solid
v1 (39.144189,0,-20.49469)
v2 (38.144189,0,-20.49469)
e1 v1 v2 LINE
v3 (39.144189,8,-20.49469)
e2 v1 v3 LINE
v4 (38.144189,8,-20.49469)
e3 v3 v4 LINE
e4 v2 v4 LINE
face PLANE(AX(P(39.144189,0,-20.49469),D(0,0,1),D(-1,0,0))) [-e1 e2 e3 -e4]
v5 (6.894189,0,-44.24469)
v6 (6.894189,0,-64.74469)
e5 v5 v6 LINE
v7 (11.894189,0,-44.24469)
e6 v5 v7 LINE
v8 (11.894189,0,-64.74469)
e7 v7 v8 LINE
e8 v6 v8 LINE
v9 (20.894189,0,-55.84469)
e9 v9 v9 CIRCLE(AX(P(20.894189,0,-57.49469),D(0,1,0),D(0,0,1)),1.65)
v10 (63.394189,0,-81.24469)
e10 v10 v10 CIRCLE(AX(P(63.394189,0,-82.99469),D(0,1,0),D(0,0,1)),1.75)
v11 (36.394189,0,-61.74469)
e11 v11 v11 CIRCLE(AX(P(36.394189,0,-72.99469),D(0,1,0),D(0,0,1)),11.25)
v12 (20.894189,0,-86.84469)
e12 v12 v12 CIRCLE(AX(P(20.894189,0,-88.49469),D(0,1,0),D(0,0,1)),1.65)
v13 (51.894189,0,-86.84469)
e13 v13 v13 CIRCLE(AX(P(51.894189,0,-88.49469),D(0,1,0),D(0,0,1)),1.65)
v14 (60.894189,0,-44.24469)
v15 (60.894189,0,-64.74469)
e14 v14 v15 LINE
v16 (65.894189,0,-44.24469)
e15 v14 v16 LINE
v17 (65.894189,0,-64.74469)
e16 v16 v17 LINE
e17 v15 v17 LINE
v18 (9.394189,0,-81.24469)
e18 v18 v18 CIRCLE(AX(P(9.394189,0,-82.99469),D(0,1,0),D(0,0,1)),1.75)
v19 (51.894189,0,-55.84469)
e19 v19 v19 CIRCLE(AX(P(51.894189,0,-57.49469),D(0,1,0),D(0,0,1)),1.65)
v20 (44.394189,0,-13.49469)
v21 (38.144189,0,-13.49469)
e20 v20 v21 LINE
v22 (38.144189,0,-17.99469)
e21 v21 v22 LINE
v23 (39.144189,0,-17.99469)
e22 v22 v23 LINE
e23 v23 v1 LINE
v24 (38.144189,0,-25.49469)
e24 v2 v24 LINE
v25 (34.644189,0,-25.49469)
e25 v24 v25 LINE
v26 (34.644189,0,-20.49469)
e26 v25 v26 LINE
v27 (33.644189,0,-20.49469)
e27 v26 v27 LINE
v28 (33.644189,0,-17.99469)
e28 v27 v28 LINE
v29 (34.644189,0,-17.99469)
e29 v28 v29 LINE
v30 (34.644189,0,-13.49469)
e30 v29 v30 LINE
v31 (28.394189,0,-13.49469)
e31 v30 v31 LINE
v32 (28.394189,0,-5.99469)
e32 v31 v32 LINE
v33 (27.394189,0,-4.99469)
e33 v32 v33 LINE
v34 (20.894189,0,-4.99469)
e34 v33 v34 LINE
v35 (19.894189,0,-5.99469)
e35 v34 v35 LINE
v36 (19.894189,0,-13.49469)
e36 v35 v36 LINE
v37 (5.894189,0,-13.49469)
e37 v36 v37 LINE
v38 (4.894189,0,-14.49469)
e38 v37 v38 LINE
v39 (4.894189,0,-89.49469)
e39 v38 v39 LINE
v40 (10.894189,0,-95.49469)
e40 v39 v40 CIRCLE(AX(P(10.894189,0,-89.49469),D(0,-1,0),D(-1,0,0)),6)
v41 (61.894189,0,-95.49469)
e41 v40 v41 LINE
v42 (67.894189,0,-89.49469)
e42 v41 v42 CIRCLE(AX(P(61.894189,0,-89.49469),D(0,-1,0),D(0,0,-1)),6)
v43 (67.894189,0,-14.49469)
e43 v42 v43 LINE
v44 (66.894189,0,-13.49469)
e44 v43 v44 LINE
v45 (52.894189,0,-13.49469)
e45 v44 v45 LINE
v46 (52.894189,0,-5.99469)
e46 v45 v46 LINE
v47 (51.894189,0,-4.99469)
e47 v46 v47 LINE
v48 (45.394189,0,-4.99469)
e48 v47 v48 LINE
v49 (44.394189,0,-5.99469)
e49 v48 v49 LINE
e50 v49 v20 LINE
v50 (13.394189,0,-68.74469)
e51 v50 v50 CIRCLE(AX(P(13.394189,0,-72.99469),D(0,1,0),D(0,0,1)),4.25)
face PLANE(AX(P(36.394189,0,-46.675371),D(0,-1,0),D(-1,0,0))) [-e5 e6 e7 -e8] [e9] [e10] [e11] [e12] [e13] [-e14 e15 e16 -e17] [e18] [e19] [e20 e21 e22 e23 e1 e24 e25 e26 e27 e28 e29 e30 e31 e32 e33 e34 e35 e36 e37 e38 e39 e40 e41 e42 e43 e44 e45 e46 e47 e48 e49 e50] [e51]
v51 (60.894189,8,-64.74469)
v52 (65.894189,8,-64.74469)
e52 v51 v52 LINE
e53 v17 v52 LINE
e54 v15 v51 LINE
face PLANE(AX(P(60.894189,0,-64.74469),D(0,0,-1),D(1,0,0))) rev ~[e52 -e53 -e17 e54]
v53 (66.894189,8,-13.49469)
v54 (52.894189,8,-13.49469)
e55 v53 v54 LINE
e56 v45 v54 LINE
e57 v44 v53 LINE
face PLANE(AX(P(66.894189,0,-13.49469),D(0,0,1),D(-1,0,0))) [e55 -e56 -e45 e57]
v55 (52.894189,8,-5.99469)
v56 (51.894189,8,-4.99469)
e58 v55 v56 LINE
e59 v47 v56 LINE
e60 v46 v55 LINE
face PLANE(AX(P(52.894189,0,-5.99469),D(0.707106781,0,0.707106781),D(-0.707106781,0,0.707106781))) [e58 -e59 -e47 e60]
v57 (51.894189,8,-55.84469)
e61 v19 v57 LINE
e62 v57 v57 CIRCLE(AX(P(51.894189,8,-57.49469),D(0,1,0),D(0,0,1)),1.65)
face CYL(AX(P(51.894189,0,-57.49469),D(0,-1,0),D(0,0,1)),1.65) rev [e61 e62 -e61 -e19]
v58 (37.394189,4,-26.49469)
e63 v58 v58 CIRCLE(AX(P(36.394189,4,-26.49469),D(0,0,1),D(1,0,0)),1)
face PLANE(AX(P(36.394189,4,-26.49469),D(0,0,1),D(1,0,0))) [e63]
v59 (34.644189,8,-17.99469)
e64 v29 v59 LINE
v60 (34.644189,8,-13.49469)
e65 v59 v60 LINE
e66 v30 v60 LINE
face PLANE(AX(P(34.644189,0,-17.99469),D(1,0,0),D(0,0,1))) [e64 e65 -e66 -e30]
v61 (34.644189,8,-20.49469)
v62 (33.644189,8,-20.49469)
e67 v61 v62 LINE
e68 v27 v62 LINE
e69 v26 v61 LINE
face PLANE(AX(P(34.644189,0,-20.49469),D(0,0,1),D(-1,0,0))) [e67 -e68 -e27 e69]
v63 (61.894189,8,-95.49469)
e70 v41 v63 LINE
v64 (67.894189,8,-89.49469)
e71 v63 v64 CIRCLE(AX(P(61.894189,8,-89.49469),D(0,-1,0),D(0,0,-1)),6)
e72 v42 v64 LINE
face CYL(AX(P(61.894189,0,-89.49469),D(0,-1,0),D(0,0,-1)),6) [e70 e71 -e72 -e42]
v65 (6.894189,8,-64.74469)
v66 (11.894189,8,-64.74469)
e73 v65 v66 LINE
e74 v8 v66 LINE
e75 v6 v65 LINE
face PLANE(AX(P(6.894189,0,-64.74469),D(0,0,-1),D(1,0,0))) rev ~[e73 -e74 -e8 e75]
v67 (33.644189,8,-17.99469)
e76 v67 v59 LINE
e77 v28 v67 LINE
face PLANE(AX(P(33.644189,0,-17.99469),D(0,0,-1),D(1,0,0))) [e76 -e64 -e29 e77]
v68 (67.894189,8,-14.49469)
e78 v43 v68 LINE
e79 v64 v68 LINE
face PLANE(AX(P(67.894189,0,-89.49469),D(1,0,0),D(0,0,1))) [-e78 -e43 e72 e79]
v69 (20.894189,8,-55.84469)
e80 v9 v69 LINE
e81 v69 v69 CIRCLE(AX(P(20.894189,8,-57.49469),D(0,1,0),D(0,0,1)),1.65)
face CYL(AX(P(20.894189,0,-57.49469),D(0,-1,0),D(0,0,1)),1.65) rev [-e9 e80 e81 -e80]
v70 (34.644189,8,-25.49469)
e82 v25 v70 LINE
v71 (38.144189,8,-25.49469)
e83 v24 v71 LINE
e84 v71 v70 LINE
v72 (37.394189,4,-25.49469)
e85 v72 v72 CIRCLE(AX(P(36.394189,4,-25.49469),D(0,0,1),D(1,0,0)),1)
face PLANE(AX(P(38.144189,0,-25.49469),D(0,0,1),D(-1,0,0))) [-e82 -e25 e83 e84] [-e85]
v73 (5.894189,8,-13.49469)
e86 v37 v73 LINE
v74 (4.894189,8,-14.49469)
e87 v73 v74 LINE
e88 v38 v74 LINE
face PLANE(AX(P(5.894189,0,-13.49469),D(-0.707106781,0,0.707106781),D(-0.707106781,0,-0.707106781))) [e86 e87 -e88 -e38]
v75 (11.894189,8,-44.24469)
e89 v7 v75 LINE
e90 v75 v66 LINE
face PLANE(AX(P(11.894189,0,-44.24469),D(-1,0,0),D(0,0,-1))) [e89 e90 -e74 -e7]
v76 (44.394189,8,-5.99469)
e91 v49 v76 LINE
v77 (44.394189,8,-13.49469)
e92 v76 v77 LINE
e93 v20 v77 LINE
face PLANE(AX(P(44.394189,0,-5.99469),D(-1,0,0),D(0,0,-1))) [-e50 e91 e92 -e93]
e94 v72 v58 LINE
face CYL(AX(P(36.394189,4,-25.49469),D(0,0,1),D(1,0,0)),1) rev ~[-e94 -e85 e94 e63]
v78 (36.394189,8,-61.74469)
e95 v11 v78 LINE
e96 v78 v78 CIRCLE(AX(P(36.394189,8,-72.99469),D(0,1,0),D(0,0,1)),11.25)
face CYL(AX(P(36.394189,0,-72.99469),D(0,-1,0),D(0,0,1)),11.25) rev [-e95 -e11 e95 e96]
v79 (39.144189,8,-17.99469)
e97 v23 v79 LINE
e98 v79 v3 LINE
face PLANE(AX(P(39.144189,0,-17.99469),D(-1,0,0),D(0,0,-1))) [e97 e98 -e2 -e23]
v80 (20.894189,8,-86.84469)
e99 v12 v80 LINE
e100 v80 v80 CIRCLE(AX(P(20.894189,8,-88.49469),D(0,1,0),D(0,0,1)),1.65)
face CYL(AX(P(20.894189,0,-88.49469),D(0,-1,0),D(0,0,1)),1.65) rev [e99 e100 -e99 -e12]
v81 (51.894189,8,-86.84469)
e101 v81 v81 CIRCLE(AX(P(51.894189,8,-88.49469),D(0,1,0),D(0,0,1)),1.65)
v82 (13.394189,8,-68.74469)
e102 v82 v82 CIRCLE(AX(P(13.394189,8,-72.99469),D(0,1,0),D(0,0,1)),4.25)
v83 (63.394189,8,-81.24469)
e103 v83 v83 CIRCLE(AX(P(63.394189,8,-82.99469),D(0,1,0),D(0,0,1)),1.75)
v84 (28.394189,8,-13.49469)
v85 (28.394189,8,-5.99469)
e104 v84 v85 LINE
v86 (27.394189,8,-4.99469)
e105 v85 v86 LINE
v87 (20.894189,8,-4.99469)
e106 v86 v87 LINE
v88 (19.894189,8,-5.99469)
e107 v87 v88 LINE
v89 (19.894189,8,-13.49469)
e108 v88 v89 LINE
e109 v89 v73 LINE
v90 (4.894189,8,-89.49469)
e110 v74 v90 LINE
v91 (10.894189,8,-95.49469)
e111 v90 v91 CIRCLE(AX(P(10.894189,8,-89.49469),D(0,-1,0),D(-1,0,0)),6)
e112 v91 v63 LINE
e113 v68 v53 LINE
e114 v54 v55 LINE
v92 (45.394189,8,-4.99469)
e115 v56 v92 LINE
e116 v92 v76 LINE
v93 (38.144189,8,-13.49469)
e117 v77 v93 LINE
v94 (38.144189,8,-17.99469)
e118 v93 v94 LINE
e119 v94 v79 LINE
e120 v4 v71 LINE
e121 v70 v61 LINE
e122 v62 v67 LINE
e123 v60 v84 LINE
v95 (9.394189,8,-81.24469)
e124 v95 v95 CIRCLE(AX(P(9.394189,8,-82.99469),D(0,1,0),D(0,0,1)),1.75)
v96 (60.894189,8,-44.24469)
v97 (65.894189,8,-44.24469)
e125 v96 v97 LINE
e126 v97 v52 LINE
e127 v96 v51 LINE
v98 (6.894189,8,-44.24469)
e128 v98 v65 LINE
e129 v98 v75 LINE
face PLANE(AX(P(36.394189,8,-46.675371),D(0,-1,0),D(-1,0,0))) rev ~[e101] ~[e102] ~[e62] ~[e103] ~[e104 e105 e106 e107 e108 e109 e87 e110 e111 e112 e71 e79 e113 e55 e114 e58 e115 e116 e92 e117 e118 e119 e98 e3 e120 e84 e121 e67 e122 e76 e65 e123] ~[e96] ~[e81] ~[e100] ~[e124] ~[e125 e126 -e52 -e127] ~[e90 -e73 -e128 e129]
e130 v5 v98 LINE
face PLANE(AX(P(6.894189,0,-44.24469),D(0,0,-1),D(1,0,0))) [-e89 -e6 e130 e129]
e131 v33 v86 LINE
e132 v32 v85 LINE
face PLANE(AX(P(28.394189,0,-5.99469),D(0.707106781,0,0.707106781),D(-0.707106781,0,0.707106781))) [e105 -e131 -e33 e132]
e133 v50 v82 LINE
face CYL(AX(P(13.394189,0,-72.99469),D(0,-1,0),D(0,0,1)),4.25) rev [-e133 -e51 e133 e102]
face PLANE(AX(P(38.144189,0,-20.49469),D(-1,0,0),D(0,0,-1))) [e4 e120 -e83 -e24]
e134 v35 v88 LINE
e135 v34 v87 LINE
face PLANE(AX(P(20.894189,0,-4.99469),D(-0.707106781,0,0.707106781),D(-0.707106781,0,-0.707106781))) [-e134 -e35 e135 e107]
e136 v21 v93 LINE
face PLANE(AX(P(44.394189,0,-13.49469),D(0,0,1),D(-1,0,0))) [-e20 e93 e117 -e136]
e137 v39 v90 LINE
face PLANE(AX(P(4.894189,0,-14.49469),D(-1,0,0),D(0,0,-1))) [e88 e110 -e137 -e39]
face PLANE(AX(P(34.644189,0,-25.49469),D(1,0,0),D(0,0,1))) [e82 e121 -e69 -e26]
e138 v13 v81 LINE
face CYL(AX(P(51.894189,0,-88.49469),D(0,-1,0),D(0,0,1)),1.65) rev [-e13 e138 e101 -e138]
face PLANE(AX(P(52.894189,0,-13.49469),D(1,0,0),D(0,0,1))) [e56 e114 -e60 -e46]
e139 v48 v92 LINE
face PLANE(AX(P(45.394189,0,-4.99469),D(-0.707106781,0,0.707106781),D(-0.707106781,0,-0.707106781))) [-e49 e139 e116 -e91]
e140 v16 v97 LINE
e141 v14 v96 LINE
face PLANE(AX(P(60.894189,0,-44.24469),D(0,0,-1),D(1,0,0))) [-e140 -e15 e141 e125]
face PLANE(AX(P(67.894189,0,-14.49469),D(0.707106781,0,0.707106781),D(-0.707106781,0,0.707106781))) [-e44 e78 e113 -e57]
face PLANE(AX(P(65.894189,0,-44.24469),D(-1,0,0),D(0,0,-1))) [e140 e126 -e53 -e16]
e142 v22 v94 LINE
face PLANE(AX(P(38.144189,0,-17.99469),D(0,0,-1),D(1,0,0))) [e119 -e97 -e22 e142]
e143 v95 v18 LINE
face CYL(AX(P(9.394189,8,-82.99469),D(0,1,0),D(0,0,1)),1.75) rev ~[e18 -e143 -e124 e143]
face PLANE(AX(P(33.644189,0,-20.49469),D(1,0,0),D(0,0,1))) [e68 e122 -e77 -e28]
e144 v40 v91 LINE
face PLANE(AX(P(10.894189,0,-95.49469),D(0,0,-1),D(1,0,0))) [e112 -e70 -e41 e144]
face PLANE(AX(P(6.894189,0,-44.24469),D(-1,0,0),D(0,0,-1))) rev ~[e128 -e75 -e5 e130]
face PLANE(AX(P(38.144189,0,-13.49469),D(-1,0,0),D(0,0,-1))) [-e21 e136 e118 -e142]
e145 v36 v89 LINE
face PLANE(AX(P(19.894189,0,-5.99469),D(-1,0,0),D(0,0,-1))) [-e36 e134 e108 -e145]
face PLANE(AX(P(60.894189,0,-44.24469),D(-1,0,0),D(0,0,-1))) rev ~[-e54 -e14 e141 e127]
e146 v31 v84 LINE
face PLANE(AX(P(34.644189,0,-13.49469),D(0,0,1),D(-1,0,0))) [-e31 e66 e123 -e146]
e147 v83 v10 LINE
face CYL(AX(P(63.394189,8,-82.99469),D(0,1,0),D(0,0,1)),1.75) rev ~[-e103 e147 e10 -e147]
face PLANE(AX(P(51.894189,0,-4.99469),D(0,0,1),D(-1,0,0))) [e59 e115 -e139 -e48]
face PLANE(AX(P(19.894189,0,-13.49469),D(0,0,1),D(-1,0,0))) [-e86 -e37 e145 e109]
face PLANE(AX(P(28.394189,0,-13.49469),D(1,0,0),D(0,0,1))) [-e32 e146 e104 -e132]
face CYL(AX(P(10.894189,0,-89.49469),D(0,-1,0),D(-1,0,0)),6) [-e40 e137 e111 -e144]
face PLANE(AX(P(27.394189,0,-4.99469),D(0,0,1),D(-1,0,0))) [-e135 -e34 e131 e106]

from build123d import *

# Parameters (mm, degrees)
SKETCH1_R      = 4.25
SKETCH1_R_2    = 1.65
SKETCH1_R_3    = 11.25
SKETCH1_W      = 5
SKETCH1_H      = 20.5
EXTRUDE1_DEPTH = 8
SKETCH2_R      = 1
EXTRUDE2_DEPTH = 1
SKETCH3_R      = 1.75
EXTRUDE3_DEPTH = 10


with BuildPart() as part:
    # Sketch1 → Extrude1 (new body)
    with BuildSketch(Plane(origin=(0, 0, 0), x_dir=(1, 0, 0), z_dir=(0, 1, 0))):
        with BuildLine():
            Line((4.894189333, 14.494689664), (4.894189333, 89.494689664))
            ThreePointArc((4.894189333, 89.494689664), (6.651548646, 93.737330351), (10.894189333, 95.494689664))
            Line((10.894189333, 95.494689664), (61.894189333, 95.494689664))
            ThreePointArc((61.894189333, 95.494689664), (66.136830021, 93.737330351), (67.894189333, 89.494689664))
            Line((67.894189333, 89.494689664), (67.894189333, 14.494689664))
            Line((67.894189333, 14.494689664), (66.894189333, 13.494689664))
            Line((66.894189333, 13.494689664), (52.894189333, 13.494689664))
            Line((52.894189333, 13.494689664), (52.894189333, 5.994689664))
            Line((52.894189333, 5.994689664), (51.894189333, 4.994689664))
            Line((51.894189333, 4.994689664), (45.394189333, 4.994689664))
            Line((45.394189333, 4.994689664), (44.394189333, 5.994689664))
            Line((44.394189333, 5.994689664), (44.394189333, 13.494689664))
            Line((44.394189333, 13.494689664), (38.144189333, 13.494689664))
            Line((38.144189333, 13.494689664), (38.144189333, 17.994689664))
            Line((38.144189333, 17.994689664), (39.144189333, 17.994689664))
            Line((39.144189333, 17.994689664), (39.144189333, 20.494689664))
            Line((39.144189333, 20.494689664), (38.144189333, 20.494689664))
            Line((38.144189333, 20.494689664), (38.144189333, 25.494689664))
            Line((38.144189333, 25.494689664), (34.644189333, 25.494689664))
            Line((34.644189333, 25.494689664), (34.644189333, 20.494689664))
            Line((34.644189333, 20.494689664), (33.644189333, 20.494689664))
            Line((33.644189333, 20.494689664), (33.644189333, 17.994689664))
            Line((33.644189333, 17.994689664), (34.644189333, 17.994689664))
            Line((34.644189333, 17.994689664), (34.644189333, 13.494689664))
            Line((34.644189333, 13.494689664), (28.394189333, 13.494689664))
            Line((28.394189333, 13.494689664), (28.394189333, 5.994689664))
            Line((28.394189333, 5.994689664), (27.394189333, 4.994689664))
            Line((27.394189333, 4.994689664), (20.894189333, 4.994689664))
            Line((20.894189333, 4.994689664), (19.894189333, 5.994689664))
            Line((19.894189333, 5.994689664), (19.894189333, 13.494689664))
            Line((19.894189333, 13.494689664), (5.894189333, 13.494689664))
            Line((5.894189333, 13.494689664), (4.894189333, 14.494689664))
        make_face()
        with Locations(Location((13.394189333, 72.994689664, 0), (0, 0, 270))):
            Circle(SKETCH1_R, mode=Mode.SUBTRACT)
        with Locations(Location((51.894189333, 88.494689664, 0), (0, 0, 270))):
            Circle(SKETCH1_R_2, mode=Mode.SUBTRACT)
        with Locations(Location((20.894189333, 88.494689664, 0), (0, 0, 270))):
            Circle(SKETCH1_R_2, mode=Mode.SUBTRACT)
        with Locations(Location((51.894189333, 57.494689664, 0), (0, 0, 270))):
            Circle(SKETCH1_R_2, mode=Mode.SUBTRACT)
        with Locations(Location((20.894189333, 57.494689664, 0), (0, 0, 270))):
            Circle(SKETCH1_R_2, mode=Mode.SUBTRACT)
        with Locations(Location((36.394189333, 72.994689664, 0), (0, 0, 270))):
            Circle(SKETCH1_R_3, mode=Mode.SUBTRACT)
        with Locations((9.394189333, 54.494689664)):
            Rectangle(SKETCH1_W, SKETCH1_H, mode=Mode.SUBTRACT)
        with Locations((63.394189333, 54.494689664)):
            Rectangle(SKETCH1_W, SKETCH1_H, mode=Mode.SUBTRACT)
    extrude(amount=EXTRUDE1_DEPTH)

    # Sketch2 → Extrude2 (cut)
    with BuildSketch(Plane.XY.offset(-25.494689664)):
        with Locations((36.394189333, 4)):
            Circle(SKETCH2_R)
    extrude(amount=-EXTRUDE2_DEPTH, mode=Mode.SUBTRACT)

    # Sketch3 → Extrude3 (cut)
    with BuildSketch(Plane(origin=(0, 8, 0), x_dir=(1, 0, 0), z_dir=(0, 1, 0))):
        with Locations(Location((9.394189333, 82.994689664, 0), (0, 0, 270))):
            Circle(SKETCH3_R)
        with Locations(Location((63.394189333, 82.994689664, 0), (0, 0, 270))):
            Circle(SKETCH3_R)
    extrude(amount=-EXTRUDE3_DEPTH, mode=Mode.SUBTRACT)


solid = part.part
